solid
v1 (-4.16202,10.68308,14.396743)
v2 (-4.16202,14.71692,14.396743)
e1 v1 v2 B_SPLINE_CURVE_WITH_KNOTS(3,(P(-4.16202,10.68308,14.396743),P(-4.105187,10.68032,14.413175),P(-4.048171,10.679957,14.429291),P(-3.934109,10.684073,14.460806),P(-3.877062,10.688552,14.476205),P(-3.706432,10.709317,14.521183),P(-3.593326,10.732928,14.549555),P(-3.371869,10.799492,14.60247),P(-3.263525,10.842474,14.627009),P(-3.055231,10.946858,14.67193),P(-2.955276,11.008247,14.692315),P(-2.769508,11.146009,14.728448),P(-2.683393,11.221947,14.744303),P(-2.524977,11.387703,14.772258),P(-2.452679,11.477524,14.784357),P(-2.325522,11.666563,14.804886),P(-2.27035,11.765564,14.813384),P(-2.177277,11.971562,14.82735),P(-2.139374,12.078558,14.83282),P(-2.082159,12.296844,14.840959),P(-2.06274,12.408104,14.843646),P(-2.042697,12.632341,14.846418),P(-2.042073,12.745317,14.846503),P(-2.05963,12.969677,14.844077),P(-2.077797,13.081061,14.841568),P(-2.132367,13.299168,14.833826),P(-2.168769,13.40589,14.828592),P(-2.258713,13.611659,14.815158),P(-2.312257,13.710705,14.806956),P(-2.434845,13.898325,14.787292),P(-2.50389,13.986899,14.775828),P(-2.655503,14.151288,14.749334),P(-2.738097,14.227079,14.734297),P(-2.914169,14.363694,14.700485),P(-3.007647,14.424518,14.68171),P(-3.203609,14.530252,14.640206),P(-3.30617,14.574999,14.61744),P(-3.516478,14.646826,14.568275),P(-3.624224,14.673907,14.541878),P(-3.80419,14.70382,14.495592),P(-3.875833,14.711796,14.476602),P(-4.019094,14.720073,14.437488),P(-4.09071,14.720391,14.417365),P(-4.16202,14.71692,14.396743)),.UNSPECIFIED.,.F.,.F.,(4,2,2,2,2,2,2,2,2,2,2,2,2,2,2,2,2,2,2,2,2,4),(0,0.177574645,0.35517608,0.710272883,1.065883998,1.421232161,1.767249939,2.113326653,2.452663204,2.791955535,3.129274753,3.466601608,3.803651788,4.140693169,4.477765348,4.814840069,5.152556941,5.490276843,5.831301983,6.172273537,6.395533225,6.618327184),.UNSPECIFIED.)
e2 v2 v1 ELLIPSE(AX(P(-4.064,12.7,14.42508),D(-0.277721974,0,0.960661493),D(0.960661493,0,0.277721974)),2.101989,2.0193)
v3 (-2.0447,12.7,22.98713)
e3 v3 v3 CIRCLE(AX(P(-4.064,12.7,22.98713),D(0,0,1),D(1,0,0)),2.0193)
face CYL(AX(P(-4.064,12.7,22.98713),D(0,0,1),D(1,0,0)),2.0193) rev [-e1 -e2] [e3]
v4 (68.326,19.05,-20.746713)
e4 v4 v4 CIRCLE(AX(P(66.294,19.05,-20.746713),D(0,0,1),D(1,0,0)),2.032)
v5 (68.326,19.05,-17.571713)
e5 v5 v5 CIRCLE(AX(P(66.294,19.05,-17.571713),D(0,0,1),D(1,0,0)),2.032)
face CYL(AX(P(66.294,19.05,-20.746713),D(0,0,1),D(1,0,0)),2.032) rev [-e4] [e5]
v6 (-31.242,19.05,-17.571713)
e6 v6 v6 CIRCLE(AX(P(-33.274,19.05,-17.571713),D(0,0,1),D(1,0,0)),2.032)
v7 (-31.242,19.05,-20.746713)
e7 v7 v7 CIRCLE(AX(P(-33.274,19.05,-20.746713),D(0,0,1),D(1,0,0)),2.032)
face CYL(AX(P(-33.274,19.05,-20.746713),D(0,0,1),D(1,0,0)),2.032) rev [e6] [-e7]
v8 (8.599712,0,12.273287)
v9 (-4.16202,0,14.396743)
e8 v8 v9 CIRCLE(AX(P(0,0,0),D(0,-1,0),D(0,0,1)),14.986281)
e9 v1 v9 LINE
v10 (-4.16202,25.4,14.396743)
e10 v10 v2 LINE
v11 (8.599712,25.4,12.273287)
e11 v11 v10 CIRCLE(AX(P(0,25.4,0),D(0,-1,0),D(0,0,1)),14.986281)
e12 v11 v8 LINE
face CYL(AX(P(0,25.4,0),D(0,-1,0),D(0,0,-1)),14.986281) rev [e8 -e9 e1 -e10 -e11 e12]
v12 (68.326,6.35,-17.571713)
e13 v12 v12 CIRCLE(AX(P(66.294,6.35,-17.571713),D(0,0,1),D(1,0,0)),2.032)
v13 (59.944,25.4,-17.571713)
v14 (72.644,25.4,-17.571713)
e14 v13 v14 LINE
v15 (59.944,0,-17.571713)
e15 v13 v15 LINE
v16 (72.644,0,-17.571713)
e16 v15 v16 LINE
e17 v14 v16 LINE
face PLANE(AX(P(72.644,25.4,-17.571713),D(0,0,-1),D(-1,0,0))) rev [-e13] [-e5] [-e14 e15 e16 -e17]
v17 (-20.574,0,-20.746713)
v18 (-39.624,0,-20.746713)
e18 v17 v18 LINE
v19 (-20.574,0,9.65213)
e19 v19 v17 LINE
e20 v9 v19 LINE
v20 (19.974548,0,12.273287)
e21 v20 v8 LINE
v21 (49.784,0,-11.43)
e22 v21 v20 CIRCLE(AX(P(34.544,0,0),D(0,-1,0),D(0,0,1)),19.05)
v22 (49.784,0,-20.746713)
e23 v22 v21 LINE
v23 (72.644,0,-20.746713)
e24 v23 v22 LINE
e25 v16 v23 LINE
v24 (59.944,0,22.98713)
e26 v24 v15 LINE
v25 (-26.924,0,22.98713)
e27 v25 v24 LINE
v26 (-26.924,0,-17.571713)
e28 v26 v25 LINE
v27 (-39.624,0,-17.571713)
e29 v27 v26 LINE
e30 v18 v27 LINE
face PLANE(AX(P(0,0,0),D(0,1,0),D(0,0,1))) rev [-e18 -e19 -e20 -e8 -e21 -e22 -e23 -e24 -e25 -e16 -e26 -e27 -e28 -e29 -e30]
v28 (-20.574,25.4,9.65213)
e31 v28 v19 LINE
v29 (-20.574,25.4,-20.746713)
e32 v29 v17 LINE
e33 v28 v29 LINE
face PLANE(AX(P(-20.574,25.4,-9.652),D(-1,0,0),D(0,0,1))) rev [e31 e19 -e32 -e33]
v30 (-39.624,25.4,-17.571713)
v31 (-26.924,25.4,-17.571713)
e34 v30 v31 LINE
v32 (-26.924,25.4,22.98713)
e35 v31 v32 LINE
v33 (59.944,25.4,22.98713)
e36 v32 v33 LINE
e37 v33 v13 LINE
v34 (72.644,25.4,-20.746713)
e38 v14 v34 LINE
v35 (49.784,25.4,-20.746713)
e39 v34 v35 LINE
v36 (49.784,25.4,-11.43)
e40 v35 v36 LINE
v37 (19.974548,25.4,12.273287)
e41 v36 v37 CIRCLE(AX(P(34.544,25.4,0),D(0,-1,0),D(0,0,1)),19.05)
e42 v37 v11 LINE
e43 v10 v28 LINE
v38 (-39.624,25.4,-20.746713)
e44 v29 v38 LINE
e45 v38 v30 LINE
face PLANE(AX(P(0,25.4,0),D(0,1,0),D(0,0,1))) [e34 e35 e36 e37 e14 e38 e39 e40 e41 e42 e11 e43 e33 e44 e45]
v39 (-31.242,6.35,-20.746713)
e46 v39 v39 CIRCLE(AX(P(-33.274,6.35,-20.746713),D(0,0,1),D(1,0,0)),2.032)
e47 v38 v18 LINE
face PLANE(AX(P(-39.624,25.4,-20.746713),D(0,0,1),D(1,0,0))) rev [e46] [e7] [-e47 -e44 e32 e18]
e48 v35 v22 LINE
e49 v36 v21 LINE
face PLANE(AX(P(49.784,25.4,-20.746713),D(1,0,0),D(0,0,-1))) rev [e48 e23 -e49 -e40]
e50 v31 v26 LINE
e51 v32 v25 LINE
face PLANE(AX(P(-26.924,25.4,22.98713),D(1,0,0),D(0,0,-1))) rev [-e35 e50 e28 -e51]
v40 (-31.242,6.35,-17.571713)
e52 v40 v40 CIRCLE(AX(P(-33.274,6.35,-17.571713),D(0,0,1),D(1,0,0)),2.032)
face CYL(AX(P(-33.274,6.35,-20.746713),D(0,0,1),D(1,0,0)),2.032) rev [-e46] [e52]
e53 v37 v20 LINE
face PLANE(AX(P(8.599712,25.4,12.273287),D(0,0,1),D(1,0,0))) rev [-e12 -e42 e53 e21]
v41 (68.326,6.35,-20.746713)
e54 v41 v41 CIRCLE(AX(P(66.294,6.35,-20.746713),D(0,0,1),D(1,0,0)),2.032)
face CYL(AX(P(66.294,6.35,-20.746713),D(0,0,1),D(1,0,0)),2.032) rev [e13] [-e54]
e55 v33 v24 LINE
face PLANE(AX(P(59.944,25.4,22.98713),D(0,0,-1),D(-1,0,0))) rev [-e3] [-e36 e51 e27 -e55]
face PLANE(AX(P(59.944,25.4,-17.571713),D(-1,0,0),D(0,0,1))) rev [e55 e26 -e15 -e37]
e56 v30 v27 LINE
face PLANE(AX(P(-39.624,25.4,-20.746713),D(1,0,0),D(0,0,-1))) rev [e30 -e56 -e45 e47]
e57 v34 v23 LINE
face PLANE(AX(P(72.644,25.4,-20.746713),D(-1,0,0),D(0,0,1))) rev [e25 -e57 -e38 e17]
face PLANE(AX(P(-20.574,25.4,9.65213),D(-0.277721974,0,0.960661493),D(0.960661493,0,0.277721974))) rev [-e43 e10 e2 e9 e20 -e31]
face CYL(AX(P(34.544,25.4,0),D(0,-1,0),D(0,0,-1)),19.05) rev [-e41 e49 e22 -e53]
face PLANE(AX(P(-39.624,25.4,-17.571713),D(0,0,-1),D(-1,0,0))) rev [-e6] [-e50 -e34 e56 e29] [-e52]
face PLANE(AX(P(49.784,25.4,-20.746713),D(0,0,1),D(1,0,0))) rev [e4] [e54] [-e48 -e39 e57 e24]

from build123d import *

# Parameters (mm, degrees)
BOSS_EXTRUDE1_DEPTH    = 25.4
SKETCH2_R              = 2.032
CUT_EXTRUDE1_DEPTH     = 87.9904043
F_10_32_TAPPED_HOLE1_D = 4.0386


with BuildPart() as part:
    # Sketch1 → Boss-Extrude1 (new body)
    with BuildSketch(Plane(origin=(0, 0, 0), x_dir=(1, 0, 0), z_dir=(0, 1, 0))):
        with BuildLine():
            Line((-20.574, -9.652129604), (-4.162019583, -14.39674322))
            ThreePointArc((-4.162019583, -14.39674322), (2.459785533, -14.783033433), (8.59971196, -12.273287113))
            Line((8.59971196, -12.273287113), (19.974548279, -12.273287113))
            ThreePointArc((19.974548279, -12.273287113), (46.400384935, -14.910688658), (49.784, 11.43))
            Line((49.784, 11.43), (49.784, 20.746712887))
            Line((49.784, 20.746712887), (72.644, 20.746712887))
            Line((72.644, 20.746712887), (72.644, 17.571712887))
            Line((72.644, 17.571712887), (59.944, 17.571712887))
            Line((59.944, 17.571712887), (59.944, -12.827129604))
            Line((59.944, -12.827129604), (59.944, -22.987129604))
            Line((59.944, -22.987129604), (-26.924, -22.987129604))
            Line((-26.924, -22.987129604), (-26.924, -12.827129604))
            Line((-26.924, -12.827129604), (-26.924, 17.571712887))
            Line((-26.924, 17.571712887), (-39.624, 17.571712887))
            Line((-39.624, 17.571712887), (-39.624, 20.746712887))
            Line((-39.624, 20.746712887), (-20.574, 20.746712887))
            Line((-20.574, 20.746712887), (-20.574, 9.652))
            Line((-20.574, 9.652), (-20.574, -9.652129604))
        make_face()
    extrude(amount=BOSS_EXTRUDE1_DEPTH)

    # Sketch2 → Cut-Extrude1 (cut, through all)
    with BuildSketch(Plane.XY.offset(-17.571712887)):
        with Locations((-33.274, 19.05)):
            Circle(SKETCH2_R)
        with Locations((-33.274, 6.35)):
            Circle(SKETCH2_R)
        with Locations((66.294, 19.05)):
            Circle(SKETCH2_R)
        with Locations((66.294, 6.35)):
            Circle(SKETCH2_R)
    extrude(amount=-CUT_EXTRUDE1_DEPTH, mode=Mode.SUBTRACT)

    # #10-32 Tapped Hole1 (through all)
    with Locations(Plane.XY.offset(22.987129604)):
        with Locations((-4.064, 12.7)):
            Hole(F_10_32_TAPPED_HOLE1_D / 2)


solid = part.part
